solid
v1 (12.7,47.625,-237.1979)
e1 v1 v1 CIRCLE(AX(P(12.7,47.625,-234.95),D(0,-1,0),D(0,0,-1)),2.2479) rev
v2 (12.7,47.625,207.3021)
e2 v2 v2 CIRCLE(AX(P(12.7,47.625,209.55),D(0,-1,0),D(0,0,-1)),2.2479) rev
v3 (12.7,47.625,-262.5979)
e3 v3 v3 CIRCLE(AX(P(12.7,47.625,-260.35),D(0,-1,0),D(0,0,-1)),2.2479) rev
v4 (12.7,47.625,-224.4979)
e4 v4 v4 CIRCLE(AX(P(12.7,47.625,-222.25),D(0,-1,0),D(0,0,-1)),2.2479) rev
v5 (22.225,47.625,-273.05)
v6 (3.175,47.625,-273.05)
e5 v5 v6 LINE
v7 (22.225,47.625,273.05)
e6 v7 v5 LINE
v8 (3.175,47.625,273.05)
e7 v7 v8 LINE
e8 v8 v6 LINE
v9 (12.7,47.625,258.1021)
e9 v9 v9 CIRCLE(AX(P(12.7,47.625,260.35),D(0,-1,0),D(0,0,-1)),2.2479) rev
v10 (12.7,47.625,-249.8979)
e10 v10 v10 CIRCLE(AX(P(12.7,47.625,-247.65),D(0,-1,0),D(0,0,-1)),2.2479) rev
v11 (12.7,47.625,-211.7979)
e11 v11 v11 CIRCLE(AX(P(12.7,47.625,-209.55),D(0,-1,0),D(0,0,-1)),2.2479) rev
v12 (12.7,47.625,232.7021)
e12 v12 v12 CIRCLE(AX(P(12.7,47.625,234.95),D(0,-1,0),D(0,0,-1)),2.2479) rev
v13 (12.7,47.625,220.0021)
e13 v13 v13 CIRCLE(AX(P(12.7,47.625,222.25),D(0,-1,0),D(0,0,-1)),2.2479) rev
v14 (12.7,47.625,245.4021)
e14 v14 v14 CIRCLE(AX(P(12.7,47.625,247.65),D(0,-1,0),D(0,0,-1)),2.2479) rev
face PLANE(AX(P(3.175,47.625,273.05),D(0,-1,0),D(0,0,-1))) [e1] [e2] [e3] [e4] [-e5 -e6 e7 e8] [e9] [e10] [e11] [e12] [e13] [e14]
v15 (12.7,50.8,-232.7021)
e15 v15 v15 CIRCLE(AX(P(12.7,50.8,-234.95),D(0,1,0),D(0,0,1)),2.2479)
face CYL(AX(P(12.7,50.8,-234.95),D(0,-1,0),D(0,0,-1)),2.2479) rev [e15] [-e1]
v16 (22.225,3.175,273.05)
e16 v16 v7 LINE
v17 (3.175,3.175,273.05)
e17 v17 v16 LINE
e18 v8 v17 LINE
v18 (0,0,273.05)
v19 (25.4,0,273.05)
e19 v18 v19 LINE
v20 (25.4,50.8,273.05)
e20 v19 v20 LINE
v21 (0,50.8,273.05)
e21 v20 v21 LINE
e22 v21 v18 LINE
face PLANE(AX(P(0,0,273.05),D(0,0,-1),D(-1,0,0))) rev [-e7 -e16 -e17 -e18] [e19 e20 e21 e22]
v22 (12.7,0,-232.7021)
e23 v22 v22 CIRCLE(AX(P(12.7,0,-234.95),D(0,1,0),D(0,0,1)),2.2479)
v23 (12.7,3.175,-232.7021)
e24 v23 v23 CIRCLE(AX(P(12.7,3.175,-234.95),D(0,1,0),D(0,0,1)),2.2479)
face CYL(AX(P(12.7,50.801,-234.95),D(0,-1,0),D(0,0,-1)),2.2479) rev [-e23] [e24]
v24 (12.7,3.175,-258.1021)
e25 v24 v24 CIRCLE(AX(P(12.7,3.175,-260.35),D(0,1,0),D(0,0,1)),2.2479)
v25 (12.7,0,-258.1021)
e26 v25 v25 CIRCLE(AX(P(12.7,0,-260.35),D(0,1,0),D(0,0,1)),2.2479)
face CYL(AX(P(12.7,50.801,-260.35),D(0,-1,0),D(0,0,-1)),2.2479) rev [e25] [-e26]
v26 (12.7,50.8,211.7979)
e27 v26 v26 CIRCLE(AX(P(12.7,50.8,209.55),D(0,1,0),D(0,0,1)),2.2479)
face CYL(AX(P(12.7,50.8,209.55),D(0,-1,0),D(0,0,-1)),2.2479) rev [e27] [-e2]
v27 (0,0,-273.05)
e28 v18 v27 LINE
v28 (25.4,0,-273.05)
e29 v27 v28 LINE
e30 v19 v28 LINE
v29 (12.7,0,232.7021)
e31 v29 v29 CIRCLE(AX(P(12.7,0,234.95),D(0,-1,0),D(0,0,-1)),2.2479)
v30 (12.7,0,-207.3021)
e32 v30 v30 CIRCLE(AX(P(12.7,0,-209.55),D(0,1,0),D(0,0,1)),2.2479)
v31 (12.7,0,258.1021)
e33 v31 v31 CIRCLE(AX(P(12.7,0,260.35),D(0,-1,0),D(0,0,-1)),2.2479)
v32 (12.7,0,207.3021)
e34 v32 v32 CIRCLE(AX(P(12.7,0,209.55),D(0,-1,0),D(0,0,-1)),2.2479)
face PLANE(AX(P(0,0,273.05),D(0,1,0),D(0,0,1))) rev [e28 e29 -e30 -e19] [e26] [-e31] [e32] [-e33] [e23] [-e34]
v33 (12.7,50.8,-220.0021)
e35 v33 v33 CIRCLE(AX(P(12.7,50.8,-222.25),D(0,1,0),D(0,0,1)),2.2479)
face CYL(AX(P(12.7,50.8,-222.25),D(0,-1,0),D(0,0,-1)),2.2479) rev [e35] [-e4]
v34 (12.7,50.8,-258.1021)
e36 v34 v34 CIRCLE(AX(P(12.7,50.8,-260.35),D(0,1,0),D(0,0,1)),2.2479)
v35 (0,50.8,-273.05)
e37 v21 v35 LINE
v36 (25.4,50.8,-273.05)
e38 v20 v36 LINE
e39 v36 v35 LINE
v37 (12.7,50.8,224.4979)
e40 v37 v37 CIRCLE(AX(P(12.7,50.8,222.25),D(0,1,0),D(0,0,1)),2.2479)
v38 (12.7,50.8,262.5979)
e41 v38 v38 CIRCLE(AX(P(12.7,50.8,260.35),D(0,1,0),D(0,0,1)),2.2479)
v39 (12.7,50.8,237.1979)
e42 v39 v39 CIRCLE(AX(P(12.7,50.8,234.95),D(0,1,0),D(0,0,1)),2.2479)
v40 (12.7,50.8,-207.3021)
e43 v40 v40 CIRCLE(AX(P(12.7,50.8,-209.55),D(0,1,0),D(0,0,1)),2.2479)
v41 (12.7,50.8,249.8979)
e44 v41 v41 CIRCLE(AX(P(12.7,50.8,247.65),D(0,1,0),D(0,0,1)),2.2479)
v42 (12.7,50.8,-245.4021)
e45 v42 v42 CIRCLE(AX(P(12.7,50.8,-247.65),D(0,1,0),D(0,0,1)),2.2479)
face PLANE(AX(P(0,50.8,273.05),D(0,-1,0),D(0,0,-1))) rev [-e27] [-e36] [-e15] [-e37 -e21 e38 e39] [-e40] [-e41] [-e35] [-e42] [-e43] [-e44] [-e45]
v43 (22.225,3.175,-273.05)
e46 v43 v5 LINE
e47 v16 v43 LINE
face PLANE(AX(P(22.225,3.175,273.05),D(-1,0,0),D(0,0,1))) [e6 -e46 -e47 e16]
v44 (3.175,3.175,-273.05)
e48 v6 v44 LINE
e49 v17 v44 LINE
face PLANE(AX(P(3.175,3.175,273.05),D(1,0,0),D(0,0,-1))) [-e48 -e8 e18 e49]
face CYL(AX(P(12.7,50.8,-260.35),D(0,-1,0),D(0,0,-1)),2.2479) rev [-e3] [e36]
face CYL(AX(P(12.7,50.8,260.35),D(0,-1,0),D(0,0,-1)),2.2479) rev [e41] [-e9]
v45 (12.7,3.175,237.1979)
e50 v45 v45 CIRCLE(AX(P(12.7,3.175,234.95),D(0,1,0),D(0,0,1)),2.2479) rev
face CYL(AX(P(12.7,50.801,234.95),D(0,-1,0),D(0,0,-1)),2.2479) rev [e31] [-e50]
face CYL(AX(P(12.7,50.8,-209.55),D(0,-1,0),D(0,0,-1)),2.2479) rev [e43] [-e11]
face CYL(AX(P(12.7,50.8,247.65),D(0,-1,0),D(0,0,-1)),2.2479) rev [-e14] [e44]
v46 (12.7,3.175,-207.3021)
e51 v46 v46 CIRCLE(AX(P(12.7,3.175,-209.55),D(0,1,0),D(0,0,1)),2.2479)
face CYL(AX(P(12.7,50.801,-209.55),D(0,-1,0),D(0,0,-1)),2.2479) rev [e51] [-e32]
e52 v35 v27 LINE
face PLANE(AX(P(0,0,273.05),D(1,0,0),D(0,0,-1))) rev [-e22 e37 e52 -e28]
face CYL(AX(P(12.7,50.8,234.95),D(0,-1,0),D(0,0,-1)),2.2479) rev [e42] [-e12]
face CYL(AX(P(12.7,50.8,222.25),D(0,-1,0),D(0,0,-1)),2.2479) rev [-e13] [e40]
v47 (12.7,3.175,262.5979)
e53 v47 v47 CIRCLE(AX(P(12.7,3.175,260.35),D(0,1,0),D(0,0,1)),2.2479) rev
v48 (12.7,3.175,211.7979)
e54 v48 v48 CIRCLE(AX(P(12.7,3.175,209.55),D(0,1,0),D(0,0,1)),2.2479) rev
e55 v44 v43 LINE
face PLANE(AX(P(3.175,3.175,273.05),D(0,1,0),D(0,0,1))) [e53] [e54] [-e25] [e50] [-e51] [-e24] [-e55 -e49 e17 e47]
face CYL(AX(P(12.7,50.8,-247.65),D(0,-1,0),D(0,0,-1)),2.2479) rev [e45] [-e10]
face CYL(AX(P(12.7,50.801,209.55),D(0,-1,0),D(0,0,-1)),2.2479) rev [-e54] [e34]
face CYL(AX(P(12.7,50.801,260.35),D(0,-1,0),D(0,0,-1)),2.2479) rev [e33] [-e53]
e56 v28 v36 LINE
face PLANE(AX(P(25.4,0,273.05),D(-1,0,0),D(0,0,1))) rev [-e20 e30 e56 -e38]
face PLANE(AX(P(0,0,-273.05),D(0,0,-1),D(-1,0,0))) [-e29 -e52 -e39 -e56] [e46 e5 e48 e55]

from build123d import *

# Parameters (mm, degrees)
SKETCH1_W           = 25.4
SKETCH1_H           = 50.8
SKETCH1_W_2         = 19.05
SKETCH1_H_2         = 44.45
BOSS_EXTRUDE1_DEPTH = 273.05
SKETCH2_R           = 2.2479
CUT_EXTRUDE5_DEPTH  = 3.175
CUT_EXTRUDE9_START  = 3.175
SKETCH2_5_R         = 2.2479
CUT_EXTRUDE9_DEPTH  = 48.625


with BuildPart() as part:
    # Sketch1 → Boss-Extrude1 (new body, symmetric)
    with BuildSketch(Plane.XY):
        with Locations((12.7, 25.4)):
            Rectangle(SKETCH1_W, SKETCH1_H)
        with Locations((12.7, 25.4)):
            Rectangle(SKETCH1_W_2, SKETCH1_H_2, mode=Mode.SUBTRACT)
    extrude(amount=BOSS_EXTRUDE1_DEPTH, both=True)

    # Sketch2 → Cut-Extrude5 (cut)
    with BuildSketch(Plane(origin=(0, 0, 0), x_dir=(1, 0, 0), z_dir=(0, 1, 0))):
        with Locations((12.7, 260.35)):
            Circle(SKETCH2_R)
        with Locations((12.7, 234.95)):
            Circle(SKETCH2_R)
        with Locations((12.7, 209.55)):
            Circle(SKETCH2_R)
    cut_extrude5 = extrude(amount=CUT_EXTRUDE5_DEPTH, mode=Mode.SUBTRACT)

    # Sketch2<5> → Cut-Extrude9 (cut, through all)
    with BuildSketch(Plane(origin=(0, 0, 0), x_dir=(1, 0, 0), z_dir=(0, 1, 0)).offset(CUT_EXTRUDE9_START)):
        with Locations((12.7, 260.35)):
            Circle(SKETCH2_5_R)
        with Locations((12.7, 247.65)):
            Circle(SKETCH2_5_R)
        with Locations((12.7, 234.95)):
            Circle(SKETCH2_5_R)
        with Locations((12.7, 222.25)):
            Circle(SKETCH2_5_R)
        with Locations((12.7, 209.55)):
            Circle(SKETCH2_5_R)
    cut_extrude9 = extrude(amount=CUT_EXTRUDE9_DEPTH, mode=Mode.SUBTRACT)

    # Mirror3: Cut-Extrude5, Cut-Extrude9 across plane
    add(cut_extrude5.mirror(Plane.XY), mode=Mode.SUBTRACT)
    add(cut_extrude9.mirror(Plane.XY), mode=Mode.SUBTRACT)


solid = part.part
